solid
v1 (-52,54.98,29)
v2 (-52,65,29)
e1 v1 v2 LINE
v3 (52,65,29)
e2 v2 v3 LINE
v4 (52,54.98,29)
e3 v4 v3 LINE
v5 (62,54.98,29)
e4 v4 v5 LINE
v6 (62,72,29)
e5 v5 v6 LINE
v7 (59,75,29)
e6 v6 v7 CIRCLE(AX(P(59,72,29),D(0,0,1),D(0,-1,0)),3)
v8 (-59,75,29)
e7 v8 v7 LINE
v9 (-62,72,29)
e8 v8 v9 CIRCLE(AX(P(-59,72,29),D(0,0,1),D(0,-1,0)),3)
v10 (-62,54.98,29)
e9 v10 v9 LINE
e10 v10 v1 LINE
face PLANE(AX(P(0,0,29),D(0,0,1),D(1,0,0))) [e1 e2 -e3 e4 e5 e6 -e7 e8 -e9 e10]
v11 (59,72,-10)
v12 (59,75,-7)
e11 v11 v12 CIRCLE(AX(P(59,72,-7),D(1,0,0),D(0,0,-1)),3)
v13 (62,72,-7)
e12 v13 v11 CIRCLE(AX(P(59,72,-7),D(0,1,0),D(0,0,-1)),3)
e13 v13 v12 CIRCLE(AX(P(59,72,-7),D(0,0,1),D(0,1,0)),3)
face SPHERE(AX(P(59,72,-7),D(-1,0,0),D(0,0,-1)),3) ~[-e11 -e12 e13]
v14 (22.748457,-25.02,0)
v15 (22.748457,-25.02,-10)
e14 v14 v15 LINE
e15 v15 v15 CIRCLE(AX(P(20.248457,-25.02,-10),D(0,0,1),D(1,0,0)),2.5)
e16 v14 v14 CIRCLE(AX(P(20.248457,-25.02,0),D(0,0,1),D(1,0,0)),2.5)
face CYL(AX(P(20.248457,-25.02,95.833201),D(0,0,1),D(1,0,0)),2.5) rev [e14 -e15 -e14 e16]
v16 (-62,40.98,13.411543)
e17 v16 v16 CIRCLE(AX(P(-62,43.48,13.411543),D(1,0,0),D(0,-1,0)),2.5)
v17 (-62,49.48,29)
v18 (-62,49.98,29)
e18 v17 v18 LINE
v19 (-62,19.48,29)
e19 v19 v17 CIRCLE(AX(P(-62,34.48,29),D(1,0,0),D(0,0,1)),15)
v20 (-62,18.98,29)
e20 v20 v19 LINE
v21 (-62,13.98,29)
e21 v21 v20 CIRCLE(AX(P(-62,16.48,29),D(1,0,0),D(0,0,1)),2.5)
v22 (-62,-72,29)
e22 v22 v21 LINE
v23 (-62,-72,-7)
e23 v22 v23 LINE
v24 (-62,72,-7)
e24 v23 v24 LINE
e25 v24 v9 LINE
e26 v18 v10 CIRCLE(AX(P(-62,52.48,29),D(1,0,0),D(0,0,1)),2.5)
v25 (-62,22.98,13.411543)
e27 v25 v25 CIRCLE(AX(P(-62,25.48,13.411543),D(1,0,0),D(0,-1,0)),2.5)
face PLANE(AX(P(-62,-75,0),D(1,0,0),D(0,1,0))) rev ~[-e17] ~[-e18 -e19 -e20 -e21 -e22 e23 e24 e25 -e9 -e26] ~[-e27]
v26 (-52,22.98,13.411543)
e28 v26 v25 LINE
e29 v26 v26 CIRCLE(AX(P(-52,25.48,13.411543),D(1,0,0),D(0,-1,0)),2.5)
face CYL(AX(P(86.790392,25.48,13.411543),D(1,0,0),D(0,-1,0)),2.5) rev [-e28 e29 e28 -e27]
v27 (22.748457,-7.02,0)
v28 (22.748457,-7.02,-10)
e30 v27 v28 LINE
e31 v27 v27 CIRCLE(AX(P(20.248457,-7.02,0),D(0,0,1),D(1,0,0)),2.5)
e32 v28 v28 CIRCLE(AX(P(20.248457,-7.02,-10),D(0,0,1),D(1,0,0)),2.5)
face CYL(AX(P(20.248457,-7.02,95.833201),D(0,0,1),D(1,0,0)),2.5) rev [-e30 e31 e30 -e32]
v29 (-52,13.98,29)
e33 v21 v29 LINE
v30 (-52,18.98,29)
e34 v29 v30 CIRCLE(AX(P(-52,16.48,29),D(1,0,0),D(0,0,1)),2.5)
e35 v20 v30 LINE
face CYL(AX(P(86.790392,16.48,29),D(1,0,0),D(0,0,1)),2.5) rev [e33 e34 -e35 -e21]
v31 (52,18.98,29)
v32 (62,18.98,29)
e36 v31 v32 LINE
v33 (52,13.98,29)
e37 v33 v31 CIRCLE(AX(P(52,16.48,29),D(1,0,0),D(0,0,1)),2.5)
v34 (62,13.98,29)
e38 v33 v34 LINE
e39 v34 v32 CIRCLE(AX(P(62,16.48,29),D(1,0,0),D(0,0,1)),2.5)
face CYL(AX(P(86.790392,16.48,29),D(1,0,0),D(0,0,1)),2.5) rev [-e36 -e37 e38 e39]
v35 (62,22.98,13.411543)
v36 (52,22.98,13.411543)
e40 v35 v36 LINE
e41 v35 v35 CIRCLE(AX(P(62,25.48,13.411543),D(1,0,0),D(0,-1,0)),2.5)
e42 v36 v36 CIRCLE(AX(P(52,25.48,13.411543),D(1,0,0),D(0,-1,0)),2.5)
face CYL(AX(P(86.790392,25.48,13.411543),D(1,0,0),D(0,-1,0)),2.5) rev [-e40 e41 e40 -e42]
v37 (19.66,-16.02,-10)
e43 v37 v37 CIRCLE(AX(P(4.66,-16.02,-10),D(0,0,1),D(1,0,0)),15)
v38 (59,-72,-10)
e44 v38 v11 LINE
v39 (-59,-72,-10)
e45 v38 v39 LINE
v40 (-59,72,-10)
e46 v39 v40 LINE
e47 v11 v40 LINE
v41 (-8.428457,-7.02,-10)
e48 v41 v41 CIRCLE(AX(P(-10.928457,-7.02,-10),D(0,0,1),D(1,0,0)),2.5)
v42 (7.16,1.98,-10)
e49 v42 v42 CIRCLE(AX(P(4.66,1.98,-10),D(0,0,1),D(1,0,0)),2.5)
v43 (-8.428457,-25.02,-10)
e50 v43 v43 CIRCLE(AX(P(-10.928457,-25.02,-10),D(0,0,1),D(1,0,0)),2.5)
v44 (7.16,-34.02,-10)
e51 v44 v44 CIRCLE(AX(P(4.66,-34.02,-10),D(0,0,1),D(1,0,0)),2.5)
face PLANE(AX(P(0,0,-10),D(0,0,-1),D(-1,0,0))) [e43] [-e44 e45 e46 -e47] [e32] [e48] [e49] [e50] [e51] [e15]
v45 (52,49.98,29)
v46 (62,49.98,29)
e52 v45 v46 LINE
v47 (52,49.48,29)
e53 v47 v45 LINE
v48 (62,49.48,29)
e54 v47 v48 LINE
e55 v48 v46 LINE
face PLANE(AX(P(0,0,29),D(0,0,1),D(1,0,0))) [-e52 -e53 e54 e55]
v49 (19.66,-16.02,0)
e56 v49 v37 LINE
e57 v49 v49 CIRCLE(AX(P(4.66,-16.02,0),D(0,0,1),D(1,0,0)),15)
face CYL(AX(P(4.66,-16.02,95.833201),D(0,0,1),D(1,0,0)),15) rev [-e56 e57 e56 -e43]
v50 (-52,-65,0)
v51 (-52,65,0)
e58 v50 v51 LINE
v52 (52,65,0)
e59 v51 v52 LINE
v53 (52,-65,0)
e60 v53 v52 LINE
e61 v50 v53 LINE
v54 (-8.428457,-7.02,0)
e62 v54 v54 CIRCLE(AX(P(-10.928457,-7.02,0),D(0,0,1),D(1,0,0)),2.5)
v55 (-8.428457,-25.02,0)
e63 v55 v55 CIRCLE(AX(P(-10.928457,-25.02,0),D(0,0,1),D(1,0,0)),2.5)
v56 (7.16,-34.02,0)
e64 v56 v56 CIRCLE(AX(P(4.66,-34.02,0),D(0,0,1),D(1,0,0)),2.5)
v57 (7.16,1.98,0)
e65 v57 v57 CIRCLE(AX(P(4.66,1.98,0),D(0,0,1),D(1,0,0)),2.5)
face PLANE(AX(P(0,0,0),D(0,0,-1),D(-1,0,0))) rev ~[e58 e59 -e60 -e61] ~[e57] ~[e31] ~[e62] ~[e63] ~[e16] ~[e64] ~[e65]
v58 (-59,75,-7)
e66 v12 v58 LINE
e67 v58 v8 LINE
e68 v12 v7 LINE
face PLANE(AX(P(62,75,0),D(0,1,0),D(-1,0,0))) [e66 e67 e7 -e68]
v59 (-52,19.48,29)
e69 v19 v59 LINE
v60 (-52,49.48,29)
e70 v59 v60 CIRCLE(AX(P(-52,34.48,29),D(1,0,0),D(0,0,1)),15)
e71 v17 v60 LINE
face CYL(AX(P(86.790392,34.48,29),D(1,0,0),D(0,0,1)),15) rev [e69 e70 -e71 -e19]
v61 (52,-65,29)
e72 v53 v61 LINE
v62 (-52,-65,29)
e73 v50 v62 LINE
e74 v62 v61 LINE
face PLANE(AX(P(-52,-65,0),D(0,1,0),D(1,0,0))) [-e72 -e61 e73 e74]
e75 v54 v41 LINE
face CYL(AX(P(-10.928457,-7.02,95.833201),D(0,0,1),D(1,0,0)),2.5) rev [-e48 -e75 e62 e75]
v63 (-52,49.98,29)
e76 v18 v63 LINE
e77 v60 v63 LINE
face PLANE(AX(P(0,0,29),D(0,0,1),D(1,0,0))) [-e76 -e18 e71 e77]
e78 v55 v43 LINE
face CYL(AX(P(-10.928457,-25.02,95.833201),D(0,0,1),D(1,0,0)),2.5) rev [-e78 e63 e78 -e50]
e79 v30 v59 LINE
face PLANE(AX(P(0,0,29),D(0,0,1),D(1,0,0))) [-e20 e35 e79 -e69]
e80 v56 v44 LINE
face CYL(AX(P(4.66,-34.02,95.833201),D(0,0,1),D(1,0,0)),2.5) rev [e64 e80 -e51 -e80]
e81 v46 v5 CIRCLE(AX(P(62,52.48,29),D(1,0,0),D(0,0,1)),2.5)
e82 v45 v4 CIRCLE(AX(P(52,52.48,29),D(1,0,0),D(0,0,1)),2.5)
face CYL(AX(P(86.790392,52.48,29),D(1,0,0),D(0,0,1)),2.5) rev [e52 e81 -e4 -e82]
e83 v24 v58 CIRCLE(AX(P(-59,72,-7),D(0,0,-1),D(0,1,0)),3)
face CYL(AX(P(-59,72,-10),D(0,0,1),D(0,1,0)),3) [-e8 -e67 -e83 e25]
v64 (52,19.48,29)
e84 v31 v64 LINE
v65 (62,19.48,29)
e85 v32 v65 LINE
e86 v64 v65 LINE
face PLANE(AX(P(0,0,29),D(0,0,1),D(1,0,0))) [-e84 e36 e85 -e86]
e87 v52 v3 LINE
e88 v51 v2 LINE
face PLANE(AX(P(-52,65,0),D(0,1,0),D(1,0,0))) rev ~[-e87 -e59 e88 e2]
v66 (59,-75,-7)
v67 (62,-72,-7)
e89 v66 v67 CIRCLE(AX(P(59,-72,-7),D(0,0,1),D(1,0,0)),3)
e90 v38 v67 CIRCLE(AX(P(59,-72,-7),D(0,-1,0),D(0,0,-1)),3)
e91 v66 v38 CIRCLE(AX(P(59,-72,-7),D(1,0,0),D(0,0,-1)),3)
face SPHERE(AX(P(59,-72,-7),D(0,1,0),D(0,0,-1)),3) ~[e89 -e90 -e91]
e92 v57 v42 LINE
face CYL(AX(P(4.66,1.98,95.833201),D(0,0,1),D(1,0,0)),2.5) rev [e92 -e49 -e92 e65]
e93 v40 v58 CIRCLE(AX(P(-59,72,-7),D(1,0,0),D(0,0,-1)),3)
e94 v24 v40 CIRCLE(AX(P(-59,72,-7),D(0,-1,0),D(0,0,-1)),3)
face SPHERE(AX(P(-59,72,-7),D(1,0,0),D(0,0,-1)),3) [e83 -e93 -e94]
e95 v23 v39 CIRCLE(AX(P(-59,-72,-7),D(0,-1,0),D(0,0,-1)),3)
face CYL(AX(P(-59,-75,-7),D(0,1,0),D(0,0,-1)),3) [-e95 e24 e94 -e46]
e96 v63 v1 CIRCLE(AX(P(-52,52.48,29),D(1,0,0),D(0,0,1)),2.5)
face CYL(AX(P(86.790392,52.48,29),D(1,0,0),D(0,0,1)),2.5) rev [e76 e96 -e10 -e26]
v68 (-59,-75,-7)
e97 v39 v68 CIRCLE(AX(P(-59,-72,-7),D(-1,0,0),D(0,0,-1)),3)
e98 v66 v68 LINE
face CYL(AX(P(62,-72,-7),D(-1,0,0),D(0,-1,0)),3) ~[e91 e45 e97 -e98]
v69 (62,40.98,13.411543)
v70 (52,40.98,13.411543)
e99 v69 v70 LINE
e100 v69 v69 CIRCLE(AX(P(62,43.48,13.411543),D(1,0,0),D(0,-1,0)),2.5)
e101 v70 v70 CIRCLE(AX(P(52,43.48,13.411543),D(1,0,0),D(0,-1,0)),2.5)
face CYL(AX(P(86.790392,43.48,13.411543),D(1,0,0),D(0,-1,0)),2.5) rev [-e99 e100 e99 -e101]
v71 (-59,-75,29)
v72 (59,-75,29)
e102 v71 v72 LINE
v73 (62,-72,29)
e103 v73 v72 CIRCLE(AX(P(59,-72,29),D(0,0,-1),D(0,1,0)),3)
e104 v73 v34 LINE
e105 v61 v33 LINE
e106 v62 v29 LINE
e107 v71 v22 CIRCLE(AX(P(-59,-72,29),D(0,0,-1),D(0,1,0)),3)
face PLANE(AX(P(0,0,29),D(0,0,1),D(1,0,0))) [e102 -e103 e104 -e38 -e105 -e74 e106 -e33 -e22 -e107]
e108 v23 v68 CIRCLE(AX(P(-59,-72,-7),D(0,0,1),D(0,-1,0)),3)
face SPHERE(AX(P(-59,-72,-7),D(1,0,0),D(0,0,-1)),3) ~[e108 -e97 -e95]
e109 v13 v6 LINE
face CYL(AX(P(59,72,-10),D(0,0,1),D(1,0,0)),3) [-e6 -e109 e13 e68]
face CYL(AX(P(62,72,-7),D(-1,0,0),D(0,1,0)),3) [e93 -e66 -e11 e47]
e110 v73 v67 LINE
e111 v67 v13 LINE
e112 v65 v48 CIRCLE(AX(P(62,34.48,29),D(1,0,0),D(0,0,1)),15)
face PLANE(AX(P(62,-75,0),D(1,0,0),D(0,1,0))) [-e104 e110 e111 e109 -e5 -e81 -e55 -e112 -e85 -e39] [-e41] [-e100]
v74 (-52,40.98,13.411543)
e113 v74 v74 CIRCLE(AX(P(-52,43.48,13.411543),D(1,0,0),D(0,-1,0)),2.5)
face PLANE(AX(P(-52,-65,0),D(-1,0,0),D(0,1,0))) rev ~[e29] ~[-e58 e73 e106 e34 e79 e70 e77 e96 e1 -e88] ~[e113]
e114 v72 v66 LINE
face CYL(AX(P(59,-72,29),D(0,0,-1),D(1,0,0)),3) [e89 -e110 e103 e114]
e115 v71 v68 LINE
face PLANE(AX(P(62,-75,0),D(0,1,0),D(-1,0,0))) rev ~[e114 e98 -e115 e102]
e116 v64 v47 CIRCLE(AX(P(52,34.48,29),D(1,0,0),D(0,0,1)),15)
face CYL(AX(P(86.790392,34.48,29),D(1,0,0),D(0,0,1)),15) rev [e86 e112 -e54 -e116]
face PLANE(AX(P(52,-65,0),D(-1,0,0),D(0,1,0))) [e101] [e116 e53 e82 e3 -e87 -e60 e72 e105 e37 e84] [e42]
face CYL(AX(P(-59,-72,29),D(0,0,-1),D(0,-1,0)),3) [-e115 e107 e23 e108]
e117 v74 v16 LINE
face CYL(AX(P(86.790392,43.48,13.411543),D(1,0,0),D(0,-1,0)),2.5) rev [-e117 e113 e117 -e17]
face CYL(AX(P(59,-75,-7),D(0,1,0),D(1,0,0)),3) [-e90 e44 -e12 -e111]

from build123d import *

# Parameters (mm, degrees)
SKETCH1_W               = 124
SKETCH1_H               = 150
SKETCH1_W_2             = 104
SKETCH1_H_2             = 130
BOSS_EXTRUDE1_DEPTH     = 29
SKETCH2_W               = 124
SKETCH2_H               = 150
BOSS_EXTRUDE2_DEPTH     = 10
CUT_EXTRUDE1_DEPTH      = 105.833200848
CUT_EXTRUDE1_DEPTH_BACK = 105.833200848
SKETCH3_R               = 15
SKETCH3_R_2             = 2.5
CUT_EXTRUDE2_DEPTH      = 148.79039211
CUT_EXTRUDE2_DEPTH_BACK = 148.79039211
SKETCH4_R               = 15
SKETCH4_R_2             = 2.5
FILLET1_R               = 3


with BuildPart() as part:
    # Sketch1 → Boss-Extrude1 (new body)
    with BuildSketch(Plane.XY):
        Rectangle(SKETCH1_W, SKETCH1_H)
        Rectangle(SKETCH1_W_2, SKETCH1_H_2, mode=Mode.SUBTRACT)
    extrude(amount=BOSS_EXTRUDE1_DEPTH)

    # Sketch2 → Boss-Extrude2 (add)
    with BuildSketch(Plane(origin=(0, 0, 0), x_dir=(-1, 0, 0), z_dir=(0, 0, -1))):
        Rectangle(SKETCH2_W, SKETCH2_H)
    extrude(amount=BOSS_EXTRUDE2_DEPTH)

    # Sketch3 → Cut-Extrude1 (cut, two sides: drawn at the far end of the back side and taken through both)
    with BuildSketch(Plane(origin=(0, 0, -10), x_dir=(-1, 0, 0), z_dir=(0, 0, -1)).offset(-CUT_EXTRUDE1_DEPTH_BACK)):
        with Locations(Location((-4.66, -16.02, 0), (0, 0, 180))):
            Circle(SKETCH3_R)
        with Locations(Location((-4.66, 1.98, 0), (0, 0, 180))):
            Circle(SKETCH3_R_2)
        with Locations(Location((10.928457268, -7.02, 0), (0, 0, 180))):
            Circle(SKETCH3_R_2)
        with Locations(Location((10.928457268, -25.02, 0), (0, 0, 180))):
            Circle(SKETCH3_R_2)
        with Locations(Location((-4.66, -34.02, 0), (0, 0, 180))):
            Circle(SKETCH3_R_2)
        with Locations(Location((-20.248457268, -25.02, 0), (0, 0, 180))):
            Circle(SKETCH3_R_2)
        with Locations(Location((-20.248457268, -7.02, 0), (0, 0, 180))):
            Circle(SKETCH3_R_2)
    extrude(amount=CUT_EXTRUDE1_DEPTH + CUT_EXTRUDE1_DEPTH_BACK, mode=Mode.SUBTRACT)

    # Sketch4 → Cut-Extrude2 (cut, two sides: drawn at the far end of the back side and taken through both)
    with BuildSketch(Plane.ZY.offset(62).offset(-CUT_EXTRUDE2_DEPTH_BACK)):
        with Locations((29, 34.48)):
            Circle(SKETCH4_R)
        with Locations((29, 52.48)):
            Circle(SKETCH4_R_2)
        with Locations((44.588457268, 43.48)):
            Circle(SKETCH4_R_2)
        with Locations((44.588457268, 25.48)):
            Circle(SKETCH4_R_2)
        with Locations((29, 16.48)):
            Circle(SKETCH4_R_2)
        with Locations(Location((13.411542732, 25.48, 0), (0, 0, 270))):
            Circle(SKETCH4_R_2)
        with Locations(Location((13.411542732, 43.48, 0), (0, 0, 270))):
            Circle(SKETCH4_R_2)
    extrude(amount=CUT_EXTRUDE2_DEPTH + CUT_EXTRUDE2_DEPTH_BACK, mode=Mode.SUBTRACT)

    # Fillet1
    fillet1_edges = [part.edges().sort_by_distance(p)[0] for p in [
        (0, 75, -10),
        (62, 0, -10),
        (0, -75, -10),
        (-62, 0, -10),
        (62, -75, 9.5),
        (-62, -75, 9.5),
        (-62, 75, 9.5),
        (62, 75, 9.5),
    ]]
    fillet(fillet1_edges, radius=FILLET1_R)


solid = part.part
